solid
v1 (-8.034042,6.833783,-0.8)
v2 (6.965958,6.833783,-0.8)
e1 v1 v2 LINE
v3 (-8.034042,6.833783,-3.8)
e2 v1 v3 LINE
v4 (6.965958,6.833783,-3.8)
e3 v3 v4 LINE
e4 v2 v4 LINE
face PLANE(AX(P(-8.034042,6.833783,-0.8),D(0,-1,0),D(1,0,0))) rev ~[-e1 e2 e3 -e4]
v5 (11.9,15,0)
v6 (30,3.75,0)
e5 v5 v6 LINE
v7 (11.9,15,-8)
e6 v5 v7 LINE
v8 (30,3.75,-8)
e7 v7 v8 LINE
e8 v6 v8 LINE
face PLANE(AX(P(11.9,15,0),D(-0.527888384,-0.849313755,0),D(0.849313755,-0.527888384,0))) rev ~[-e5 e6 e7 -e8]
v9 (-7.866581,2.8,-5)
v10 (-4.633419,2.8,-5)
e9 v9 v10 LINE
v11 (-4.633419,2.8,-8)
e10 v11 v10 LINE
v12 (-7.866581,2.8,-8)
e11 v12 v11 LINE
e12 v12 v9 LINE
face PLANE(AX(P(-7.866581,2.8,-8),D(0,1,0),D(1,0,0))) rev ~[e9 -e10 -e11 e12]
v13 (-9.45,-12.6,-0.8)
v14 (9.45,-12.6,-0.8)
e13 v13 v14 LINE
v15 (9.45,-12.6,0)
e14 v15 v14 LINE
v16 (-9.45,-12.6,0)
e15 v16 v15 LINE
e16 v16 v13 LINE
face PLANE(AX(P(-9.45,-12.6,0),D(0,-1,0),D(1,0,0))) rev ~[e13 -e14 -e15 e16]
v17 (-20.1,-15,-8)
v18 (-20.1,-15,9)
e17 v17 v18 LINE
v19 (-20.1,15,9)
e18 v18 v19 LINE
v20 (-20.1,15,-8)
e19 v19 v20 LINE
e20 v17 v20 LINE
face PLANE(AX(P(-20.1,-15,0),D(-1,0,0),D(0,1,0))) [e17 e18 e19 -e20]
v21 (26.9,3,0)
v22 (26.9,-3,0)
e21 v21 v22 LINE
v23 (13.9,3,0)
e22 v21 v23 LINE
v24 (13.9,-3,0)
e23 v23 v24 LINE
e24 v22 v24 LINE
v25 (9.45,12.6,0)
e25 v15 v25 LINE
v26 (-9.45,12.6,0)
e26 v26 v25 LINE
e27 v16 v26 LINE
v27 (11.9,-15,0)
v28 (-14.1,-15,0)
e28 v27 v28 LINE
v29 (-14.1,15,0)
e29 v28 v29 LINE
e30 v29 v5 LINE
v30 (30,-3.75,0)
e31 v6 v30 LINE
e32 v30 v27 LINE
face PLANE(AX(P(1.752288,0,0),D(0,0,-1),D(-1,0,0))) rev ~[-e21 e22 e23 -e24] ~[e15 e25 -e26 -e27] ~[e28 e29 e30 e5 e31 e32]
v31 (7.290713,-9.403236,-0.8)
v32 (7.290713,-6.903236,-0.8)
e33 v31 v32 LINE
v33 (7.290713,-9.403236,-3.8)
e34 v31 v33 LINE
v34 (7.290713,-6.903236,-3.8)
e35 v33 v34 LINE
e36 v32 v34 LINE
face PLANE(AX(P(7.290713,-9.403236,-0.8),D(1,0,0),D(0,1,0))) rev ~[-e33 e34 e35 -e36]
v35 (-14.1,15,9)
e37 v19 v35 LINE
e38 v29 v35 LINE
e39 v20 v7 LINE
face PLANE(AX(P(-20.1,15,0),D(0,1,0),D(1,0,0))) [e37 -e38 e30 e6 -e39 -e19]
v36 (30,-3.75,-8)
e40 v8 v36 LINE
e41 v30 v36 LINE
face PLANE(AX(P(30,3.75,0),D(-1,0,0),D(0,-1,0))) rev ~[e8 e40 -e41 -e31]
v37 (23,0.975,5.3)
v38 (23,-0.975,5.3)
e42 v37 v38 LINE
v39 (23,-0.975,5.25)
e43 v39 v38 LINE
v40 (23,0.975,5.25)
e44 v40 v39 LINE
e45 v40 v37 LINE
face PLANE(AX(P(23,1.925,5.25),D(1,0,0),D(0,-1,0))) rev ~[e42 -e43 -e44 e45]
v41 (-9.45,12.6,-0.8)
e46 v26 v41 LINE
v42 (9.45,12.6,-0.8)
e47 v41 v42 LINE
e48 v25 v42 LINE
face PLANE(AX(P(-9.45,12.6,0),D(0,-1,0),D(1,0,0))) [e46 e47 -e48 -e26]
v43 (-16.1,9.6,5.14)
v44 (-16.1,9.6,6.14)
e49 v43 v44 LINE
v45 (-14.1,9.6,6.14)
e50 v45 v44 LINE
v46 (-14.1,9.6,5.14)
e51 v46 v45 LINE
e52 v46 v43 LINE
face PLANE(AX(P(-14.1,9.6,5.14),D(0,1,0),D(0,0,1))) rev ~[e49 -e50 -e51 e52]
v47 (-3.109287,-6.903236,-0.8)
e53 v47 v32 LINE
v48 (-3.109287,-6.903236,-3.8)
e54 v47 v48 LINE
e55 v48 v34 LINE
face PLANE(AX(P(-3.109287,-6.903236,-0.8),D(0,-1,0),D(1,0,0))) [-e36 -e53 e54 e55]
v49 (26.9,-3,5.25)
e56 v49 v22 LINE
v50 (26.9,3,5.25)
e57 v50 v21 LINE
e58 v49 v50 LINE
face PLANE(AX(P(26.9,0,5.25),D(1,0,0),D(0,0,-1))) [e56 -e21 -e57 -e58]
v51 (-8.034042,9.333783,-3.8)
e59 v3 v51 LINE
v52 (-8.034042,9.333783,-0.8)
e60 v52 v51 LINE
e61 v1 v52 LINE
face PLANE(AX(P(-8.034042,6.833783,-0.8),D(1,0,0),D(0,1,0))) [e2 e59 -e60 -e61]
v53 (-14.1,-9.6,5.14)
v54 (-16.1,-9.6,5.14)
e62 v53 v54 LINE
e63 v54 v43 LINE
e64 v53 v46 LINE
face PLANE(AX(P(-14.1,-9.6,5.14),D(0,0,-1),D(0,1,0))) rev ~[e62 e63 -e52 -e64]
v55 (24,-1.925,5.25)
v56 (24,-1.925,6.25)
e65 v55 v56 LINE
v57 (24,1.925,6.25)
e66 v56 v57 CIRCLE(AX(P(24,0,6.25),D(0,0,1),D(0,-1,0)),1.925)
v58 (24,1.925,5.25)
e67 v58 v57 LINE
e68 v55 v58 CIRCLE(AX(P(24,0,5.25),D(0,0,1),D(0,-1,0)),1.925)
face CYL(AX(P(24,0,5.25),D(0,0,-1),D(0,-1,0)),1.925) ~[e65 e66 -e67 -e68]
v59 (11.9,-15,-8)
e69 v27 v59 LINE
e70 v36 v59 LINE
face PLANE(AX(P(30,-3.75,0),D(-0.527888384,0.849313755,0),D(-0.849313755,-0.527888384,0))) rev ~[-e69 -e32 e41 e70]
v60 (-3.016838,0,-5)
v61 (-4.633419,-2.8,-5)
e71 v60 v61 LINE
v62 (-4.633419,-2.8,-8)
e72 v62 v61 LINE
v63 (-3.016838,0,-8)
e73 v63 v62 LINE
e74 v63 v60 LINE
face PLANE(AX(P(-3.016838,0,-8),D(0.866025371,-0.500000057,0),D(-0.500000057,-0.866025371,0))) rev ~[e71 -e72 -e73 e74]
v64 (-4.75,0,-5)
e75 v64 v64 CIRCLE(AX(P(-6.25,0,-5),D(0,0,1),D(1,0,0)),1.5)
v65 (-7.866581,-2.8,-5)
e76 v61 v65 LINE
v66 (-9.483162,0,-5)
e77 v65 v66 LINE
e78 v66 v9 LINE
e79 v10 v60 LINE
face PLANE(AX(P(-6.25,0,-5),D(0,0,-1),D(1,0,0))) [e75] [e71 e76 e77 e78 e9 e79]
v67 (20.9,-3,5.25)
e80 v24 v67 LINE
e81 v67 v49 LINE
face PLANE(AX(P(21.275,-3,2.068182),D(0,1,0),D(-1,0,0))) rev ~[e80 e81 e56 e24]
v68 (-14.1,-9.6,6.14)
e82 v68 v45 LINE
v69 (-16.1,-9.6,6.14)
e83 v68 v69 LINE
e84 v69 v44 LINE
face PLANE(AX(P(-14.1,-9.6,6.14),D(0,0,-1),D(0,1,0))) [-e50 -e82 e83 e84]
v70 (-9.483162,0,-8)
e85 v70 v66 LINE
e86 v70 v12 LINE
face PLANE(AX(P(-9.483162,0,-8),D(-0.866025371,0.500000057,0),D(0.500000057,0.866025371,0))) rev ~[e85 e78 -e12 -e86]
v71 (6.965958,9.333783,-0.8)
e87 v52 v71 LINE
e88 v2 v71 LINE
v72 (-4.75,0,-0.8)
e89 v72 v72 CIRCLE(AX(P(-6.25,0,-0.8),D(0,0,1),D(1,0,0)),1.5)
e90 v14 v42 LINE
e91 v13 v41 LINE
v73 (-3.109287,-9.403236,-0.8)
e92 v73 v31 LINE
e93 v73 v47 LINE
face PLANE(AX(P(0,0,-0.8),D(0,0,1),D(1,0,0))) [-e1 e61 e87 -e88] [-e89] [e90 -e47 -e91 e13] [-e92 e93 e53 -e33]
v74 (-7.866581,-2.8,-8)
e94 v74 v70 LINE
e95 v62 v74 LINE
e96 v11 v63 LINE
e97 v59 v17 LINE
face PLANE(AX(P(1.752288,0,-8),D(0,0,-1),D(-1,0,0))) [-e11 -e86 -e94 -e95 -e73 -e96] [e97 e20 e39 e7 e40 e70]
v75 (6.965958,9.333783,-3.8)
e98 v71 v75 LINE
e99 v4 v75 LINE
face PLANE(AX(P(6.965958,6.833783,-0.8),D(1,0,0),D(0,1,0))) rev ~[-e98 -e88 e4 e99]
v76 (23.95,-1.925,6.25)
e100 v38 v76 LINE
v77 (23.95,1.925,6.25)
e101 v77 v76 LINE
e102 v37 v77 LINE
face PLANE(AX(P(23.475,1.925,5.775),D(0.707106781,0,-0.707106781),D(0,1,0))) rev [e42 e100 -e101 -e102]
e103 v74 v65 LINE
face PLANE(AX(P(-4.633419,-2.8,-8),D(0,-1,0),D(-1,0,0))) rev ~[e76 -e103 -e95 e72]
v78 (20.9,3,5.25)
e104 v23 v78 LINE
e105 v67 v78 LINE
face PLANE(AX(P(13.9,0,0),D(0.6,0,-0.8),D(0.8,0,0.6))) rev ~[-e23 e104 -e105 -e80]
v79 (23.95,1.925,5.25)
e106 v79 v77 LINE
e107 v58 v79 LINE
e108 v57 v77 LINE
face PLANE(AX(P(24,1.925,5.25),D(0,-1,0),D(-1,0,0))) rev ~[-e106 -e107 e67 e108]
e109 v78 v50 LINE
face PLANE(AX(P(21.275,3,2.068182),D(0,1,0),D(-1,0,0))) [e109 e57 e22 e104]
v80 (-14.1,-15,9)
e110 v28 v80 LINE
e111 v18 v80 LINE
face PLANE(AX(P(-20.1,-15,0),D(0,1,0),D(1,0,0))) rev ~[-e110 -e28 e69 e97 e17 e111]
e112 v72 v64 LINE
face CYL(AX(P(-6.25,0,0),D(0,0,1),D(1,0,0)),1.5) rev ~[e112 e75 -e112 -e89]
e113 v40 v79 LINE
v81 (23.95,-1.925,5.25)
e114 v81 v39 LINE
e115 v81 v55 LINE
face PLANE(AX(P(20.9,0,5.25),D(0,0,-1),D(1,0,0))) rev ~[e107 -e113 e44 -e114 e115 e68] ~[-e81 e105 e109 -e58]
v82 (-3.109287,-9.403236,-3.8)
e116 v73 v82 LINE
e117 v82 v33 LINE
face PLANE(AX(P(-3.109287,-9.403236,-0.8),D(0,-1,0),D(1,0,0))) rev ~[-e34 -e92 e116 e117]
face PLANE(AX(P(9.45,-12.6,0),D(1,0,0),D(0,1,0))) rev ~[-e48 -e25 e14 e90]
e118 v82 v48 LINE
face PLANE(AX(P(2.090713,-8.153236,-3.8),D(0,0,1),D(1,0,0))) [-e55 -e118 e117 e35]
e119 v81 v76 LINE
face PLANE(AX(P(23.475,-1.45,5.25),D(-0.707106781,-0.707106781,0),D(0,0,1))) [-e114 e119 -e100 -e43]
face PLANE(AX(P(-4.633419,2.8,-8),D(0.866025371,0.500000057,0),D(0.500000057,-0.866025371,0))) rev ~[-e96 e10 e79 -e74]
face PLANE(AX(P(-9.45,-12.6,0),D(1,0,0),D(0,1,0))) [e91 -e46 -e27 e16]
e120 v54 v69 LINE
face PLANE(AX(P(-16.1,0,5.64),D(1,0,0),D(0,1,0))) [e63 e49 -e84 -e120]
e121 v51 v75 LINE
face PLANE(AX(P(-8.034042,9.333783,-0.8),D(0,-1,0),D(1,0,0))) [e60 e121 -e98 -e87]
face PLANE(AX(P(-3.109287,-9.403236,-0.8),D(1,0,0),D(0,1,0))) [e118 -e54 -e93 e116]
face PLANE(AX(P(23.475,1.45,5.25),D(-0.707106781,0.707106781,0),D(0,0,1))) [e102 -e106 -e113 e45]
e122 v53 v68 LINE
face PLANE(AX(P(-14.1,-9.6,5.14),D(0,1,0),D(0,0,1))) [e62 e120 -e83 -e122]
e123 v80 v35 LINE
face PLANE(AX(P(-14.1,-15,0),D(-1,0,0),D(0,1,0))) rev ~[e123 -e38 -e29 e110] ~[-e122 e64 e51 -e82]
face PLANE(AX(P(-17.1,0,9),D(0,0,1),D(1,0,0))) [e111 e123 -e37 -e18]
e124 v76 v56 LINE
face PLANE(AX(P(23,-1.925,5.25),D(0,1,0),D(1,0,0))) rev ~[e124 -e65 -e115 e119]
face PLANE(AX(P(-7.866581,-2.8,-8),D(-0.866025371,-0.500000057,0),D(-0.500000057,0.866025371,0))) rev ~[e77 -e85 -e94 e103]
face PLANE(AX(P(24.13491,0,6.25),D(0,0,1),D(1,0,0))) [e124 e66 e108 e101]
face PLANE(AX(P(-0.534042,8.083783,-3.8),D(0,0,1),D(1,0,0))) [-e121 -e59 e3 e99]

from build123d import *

# Parameters (mm, degrees)
SKETCH_R          = 1.5
PAD_DEPTH         = 8
SKETCH001_W       = 18.9
SKETCH001_H       = 25.2
POCKET_DEPTH      = 0.8
SKETCH002_W       = 15
SKETCH002_H       = 2.5
SKETCH002_W_2     = 10.4
POCKET001_DEPTH   = 3
SKETCH003_W       = 6
SKETCH003_H       = 30
PAD001_DEPTH      = 9
SKETCH004_W       = 19.2
SKETCH004_H       = 1
POCKET002_DEPTH   = 2
POCKET003_DEPTH   = 3
PAD002_DEPTH      = 3
PAD002_DEPTH_BACK = 3
PAD003_DEPTH      = 1
CHAMFER_SIZE      = 0.95


with BuildPart() as part:
    # Sketch → Pad (new body)
    with BuildSketch(Plane.XY):
        Polygon((-20.1, 15), (11.9, 15), (30, 3.75), (30, -3.75), (11.9, -15), (-20.1, -15), align=None)
        with Locations((-6.25, 0)):
            Circle(SKETCH_R, mode=Mode.SUBTRACT)
    extrude(amount=-PAD_DEPTH)

    # Sketch001 → Pocket (cut)
    with BuildSketch(Plane.XY):
        Rectangle(SKETCH001_W, SKETCH001_H)
    extrude(amount=-POCKET_DEPTH, mode=Mode.SUBTRACT)

    # Sketch002 (on Face33 of Pad003) → Pocket001 (cut)
    with BuildSketch(Plane.XY.offset(-0.8)):
        with Locations((-0.534042, 8.083783)):
            Rectangle(SKETCH002_W, SKETCH002_H)
        with Locations((2.090713, -8.153236)):
            Rectangle(SKETCH002_W_2, SKETCH002_H)
    extrude(amount=-POCKET001_DEPTH, mode=Mode.SUBTRACT)

    # Sketch003 (on Face4 of Pocket001) → Pad001 (join)
    with BuildSketch(Plane.XY):
        with Locations((-17.1, 0)):
            Rectangle(SKETCH003_W, SKETCH003_H)
    extrude(amount=PAD001_DEPTH)

    # Sketch004 (on Face10 of Pad001) → Pocket002 (cut)
    with BuildSketch(Plane.YZ.offset(-14.1)):
        with Locations((0, 5.64)):
            Rectangle(SKETCH004_W, SKETCH004_H)
    extrude(amount=-POCKET002_DEPTH, mode=Mode.SUBTRACT)

    # Sketch005 → Pocket003 (cut)
    with BuildSketch(Plane(origin=(0, 0, -8), x_dir=(1, 0, 0), z_dir=(0, 0, -1))):
        Polygon((-4.633419, 2.8), (-7.866581, 2.8), (-9.483162, 0), (-7.866581, -2.8), (-4.633419, -2.8), (-3.016838, 0), align=None)
    extrude(amount=-POCKET003_DEPTH, mode=Mode.SUBTRACT)

    # Sketch006 → Pad002 (join, two sides)
    with BuildSketch(Plane.XZ) as pad002_sk:
        Polygon((13.9, 0), (20.9, 5.25), (26.9, 5.25), (26.9, 0), align=None)
    extrude(amount=PAD002_DEPTH)
    extrude(pad002_sk.sketch, amount=-PAD002_DEPTH_BACK)

    # Sketch007 (on Face32 of Pad002) → Pad003 (join)
    with BuildSketch(Plane.XY.offset(5.25)):
        with BuildLine():
            ThreePointArc((24, -1.925), (25.925, 0), (24, 1.925))
            Line((24, 1.925), (23, 1.925))
            Line((23, 1.925), (23, -1.925))
            Line((23, -1.925), (24, -1.925))
        make_face()
    extrude(amount=PAD003_DEPTH)

    # Chamfer
    chamfer_edges = [part.edges().sort_by_distance(p)[0] for p in [
        (23, 0, 6.25),
        (23, -1.925, 5.75),
        (23, 1.925, 5.75),
    ]]
    chamfer(chamfer_edges, length=CHAMFER_SIZE)


solid = part.part
